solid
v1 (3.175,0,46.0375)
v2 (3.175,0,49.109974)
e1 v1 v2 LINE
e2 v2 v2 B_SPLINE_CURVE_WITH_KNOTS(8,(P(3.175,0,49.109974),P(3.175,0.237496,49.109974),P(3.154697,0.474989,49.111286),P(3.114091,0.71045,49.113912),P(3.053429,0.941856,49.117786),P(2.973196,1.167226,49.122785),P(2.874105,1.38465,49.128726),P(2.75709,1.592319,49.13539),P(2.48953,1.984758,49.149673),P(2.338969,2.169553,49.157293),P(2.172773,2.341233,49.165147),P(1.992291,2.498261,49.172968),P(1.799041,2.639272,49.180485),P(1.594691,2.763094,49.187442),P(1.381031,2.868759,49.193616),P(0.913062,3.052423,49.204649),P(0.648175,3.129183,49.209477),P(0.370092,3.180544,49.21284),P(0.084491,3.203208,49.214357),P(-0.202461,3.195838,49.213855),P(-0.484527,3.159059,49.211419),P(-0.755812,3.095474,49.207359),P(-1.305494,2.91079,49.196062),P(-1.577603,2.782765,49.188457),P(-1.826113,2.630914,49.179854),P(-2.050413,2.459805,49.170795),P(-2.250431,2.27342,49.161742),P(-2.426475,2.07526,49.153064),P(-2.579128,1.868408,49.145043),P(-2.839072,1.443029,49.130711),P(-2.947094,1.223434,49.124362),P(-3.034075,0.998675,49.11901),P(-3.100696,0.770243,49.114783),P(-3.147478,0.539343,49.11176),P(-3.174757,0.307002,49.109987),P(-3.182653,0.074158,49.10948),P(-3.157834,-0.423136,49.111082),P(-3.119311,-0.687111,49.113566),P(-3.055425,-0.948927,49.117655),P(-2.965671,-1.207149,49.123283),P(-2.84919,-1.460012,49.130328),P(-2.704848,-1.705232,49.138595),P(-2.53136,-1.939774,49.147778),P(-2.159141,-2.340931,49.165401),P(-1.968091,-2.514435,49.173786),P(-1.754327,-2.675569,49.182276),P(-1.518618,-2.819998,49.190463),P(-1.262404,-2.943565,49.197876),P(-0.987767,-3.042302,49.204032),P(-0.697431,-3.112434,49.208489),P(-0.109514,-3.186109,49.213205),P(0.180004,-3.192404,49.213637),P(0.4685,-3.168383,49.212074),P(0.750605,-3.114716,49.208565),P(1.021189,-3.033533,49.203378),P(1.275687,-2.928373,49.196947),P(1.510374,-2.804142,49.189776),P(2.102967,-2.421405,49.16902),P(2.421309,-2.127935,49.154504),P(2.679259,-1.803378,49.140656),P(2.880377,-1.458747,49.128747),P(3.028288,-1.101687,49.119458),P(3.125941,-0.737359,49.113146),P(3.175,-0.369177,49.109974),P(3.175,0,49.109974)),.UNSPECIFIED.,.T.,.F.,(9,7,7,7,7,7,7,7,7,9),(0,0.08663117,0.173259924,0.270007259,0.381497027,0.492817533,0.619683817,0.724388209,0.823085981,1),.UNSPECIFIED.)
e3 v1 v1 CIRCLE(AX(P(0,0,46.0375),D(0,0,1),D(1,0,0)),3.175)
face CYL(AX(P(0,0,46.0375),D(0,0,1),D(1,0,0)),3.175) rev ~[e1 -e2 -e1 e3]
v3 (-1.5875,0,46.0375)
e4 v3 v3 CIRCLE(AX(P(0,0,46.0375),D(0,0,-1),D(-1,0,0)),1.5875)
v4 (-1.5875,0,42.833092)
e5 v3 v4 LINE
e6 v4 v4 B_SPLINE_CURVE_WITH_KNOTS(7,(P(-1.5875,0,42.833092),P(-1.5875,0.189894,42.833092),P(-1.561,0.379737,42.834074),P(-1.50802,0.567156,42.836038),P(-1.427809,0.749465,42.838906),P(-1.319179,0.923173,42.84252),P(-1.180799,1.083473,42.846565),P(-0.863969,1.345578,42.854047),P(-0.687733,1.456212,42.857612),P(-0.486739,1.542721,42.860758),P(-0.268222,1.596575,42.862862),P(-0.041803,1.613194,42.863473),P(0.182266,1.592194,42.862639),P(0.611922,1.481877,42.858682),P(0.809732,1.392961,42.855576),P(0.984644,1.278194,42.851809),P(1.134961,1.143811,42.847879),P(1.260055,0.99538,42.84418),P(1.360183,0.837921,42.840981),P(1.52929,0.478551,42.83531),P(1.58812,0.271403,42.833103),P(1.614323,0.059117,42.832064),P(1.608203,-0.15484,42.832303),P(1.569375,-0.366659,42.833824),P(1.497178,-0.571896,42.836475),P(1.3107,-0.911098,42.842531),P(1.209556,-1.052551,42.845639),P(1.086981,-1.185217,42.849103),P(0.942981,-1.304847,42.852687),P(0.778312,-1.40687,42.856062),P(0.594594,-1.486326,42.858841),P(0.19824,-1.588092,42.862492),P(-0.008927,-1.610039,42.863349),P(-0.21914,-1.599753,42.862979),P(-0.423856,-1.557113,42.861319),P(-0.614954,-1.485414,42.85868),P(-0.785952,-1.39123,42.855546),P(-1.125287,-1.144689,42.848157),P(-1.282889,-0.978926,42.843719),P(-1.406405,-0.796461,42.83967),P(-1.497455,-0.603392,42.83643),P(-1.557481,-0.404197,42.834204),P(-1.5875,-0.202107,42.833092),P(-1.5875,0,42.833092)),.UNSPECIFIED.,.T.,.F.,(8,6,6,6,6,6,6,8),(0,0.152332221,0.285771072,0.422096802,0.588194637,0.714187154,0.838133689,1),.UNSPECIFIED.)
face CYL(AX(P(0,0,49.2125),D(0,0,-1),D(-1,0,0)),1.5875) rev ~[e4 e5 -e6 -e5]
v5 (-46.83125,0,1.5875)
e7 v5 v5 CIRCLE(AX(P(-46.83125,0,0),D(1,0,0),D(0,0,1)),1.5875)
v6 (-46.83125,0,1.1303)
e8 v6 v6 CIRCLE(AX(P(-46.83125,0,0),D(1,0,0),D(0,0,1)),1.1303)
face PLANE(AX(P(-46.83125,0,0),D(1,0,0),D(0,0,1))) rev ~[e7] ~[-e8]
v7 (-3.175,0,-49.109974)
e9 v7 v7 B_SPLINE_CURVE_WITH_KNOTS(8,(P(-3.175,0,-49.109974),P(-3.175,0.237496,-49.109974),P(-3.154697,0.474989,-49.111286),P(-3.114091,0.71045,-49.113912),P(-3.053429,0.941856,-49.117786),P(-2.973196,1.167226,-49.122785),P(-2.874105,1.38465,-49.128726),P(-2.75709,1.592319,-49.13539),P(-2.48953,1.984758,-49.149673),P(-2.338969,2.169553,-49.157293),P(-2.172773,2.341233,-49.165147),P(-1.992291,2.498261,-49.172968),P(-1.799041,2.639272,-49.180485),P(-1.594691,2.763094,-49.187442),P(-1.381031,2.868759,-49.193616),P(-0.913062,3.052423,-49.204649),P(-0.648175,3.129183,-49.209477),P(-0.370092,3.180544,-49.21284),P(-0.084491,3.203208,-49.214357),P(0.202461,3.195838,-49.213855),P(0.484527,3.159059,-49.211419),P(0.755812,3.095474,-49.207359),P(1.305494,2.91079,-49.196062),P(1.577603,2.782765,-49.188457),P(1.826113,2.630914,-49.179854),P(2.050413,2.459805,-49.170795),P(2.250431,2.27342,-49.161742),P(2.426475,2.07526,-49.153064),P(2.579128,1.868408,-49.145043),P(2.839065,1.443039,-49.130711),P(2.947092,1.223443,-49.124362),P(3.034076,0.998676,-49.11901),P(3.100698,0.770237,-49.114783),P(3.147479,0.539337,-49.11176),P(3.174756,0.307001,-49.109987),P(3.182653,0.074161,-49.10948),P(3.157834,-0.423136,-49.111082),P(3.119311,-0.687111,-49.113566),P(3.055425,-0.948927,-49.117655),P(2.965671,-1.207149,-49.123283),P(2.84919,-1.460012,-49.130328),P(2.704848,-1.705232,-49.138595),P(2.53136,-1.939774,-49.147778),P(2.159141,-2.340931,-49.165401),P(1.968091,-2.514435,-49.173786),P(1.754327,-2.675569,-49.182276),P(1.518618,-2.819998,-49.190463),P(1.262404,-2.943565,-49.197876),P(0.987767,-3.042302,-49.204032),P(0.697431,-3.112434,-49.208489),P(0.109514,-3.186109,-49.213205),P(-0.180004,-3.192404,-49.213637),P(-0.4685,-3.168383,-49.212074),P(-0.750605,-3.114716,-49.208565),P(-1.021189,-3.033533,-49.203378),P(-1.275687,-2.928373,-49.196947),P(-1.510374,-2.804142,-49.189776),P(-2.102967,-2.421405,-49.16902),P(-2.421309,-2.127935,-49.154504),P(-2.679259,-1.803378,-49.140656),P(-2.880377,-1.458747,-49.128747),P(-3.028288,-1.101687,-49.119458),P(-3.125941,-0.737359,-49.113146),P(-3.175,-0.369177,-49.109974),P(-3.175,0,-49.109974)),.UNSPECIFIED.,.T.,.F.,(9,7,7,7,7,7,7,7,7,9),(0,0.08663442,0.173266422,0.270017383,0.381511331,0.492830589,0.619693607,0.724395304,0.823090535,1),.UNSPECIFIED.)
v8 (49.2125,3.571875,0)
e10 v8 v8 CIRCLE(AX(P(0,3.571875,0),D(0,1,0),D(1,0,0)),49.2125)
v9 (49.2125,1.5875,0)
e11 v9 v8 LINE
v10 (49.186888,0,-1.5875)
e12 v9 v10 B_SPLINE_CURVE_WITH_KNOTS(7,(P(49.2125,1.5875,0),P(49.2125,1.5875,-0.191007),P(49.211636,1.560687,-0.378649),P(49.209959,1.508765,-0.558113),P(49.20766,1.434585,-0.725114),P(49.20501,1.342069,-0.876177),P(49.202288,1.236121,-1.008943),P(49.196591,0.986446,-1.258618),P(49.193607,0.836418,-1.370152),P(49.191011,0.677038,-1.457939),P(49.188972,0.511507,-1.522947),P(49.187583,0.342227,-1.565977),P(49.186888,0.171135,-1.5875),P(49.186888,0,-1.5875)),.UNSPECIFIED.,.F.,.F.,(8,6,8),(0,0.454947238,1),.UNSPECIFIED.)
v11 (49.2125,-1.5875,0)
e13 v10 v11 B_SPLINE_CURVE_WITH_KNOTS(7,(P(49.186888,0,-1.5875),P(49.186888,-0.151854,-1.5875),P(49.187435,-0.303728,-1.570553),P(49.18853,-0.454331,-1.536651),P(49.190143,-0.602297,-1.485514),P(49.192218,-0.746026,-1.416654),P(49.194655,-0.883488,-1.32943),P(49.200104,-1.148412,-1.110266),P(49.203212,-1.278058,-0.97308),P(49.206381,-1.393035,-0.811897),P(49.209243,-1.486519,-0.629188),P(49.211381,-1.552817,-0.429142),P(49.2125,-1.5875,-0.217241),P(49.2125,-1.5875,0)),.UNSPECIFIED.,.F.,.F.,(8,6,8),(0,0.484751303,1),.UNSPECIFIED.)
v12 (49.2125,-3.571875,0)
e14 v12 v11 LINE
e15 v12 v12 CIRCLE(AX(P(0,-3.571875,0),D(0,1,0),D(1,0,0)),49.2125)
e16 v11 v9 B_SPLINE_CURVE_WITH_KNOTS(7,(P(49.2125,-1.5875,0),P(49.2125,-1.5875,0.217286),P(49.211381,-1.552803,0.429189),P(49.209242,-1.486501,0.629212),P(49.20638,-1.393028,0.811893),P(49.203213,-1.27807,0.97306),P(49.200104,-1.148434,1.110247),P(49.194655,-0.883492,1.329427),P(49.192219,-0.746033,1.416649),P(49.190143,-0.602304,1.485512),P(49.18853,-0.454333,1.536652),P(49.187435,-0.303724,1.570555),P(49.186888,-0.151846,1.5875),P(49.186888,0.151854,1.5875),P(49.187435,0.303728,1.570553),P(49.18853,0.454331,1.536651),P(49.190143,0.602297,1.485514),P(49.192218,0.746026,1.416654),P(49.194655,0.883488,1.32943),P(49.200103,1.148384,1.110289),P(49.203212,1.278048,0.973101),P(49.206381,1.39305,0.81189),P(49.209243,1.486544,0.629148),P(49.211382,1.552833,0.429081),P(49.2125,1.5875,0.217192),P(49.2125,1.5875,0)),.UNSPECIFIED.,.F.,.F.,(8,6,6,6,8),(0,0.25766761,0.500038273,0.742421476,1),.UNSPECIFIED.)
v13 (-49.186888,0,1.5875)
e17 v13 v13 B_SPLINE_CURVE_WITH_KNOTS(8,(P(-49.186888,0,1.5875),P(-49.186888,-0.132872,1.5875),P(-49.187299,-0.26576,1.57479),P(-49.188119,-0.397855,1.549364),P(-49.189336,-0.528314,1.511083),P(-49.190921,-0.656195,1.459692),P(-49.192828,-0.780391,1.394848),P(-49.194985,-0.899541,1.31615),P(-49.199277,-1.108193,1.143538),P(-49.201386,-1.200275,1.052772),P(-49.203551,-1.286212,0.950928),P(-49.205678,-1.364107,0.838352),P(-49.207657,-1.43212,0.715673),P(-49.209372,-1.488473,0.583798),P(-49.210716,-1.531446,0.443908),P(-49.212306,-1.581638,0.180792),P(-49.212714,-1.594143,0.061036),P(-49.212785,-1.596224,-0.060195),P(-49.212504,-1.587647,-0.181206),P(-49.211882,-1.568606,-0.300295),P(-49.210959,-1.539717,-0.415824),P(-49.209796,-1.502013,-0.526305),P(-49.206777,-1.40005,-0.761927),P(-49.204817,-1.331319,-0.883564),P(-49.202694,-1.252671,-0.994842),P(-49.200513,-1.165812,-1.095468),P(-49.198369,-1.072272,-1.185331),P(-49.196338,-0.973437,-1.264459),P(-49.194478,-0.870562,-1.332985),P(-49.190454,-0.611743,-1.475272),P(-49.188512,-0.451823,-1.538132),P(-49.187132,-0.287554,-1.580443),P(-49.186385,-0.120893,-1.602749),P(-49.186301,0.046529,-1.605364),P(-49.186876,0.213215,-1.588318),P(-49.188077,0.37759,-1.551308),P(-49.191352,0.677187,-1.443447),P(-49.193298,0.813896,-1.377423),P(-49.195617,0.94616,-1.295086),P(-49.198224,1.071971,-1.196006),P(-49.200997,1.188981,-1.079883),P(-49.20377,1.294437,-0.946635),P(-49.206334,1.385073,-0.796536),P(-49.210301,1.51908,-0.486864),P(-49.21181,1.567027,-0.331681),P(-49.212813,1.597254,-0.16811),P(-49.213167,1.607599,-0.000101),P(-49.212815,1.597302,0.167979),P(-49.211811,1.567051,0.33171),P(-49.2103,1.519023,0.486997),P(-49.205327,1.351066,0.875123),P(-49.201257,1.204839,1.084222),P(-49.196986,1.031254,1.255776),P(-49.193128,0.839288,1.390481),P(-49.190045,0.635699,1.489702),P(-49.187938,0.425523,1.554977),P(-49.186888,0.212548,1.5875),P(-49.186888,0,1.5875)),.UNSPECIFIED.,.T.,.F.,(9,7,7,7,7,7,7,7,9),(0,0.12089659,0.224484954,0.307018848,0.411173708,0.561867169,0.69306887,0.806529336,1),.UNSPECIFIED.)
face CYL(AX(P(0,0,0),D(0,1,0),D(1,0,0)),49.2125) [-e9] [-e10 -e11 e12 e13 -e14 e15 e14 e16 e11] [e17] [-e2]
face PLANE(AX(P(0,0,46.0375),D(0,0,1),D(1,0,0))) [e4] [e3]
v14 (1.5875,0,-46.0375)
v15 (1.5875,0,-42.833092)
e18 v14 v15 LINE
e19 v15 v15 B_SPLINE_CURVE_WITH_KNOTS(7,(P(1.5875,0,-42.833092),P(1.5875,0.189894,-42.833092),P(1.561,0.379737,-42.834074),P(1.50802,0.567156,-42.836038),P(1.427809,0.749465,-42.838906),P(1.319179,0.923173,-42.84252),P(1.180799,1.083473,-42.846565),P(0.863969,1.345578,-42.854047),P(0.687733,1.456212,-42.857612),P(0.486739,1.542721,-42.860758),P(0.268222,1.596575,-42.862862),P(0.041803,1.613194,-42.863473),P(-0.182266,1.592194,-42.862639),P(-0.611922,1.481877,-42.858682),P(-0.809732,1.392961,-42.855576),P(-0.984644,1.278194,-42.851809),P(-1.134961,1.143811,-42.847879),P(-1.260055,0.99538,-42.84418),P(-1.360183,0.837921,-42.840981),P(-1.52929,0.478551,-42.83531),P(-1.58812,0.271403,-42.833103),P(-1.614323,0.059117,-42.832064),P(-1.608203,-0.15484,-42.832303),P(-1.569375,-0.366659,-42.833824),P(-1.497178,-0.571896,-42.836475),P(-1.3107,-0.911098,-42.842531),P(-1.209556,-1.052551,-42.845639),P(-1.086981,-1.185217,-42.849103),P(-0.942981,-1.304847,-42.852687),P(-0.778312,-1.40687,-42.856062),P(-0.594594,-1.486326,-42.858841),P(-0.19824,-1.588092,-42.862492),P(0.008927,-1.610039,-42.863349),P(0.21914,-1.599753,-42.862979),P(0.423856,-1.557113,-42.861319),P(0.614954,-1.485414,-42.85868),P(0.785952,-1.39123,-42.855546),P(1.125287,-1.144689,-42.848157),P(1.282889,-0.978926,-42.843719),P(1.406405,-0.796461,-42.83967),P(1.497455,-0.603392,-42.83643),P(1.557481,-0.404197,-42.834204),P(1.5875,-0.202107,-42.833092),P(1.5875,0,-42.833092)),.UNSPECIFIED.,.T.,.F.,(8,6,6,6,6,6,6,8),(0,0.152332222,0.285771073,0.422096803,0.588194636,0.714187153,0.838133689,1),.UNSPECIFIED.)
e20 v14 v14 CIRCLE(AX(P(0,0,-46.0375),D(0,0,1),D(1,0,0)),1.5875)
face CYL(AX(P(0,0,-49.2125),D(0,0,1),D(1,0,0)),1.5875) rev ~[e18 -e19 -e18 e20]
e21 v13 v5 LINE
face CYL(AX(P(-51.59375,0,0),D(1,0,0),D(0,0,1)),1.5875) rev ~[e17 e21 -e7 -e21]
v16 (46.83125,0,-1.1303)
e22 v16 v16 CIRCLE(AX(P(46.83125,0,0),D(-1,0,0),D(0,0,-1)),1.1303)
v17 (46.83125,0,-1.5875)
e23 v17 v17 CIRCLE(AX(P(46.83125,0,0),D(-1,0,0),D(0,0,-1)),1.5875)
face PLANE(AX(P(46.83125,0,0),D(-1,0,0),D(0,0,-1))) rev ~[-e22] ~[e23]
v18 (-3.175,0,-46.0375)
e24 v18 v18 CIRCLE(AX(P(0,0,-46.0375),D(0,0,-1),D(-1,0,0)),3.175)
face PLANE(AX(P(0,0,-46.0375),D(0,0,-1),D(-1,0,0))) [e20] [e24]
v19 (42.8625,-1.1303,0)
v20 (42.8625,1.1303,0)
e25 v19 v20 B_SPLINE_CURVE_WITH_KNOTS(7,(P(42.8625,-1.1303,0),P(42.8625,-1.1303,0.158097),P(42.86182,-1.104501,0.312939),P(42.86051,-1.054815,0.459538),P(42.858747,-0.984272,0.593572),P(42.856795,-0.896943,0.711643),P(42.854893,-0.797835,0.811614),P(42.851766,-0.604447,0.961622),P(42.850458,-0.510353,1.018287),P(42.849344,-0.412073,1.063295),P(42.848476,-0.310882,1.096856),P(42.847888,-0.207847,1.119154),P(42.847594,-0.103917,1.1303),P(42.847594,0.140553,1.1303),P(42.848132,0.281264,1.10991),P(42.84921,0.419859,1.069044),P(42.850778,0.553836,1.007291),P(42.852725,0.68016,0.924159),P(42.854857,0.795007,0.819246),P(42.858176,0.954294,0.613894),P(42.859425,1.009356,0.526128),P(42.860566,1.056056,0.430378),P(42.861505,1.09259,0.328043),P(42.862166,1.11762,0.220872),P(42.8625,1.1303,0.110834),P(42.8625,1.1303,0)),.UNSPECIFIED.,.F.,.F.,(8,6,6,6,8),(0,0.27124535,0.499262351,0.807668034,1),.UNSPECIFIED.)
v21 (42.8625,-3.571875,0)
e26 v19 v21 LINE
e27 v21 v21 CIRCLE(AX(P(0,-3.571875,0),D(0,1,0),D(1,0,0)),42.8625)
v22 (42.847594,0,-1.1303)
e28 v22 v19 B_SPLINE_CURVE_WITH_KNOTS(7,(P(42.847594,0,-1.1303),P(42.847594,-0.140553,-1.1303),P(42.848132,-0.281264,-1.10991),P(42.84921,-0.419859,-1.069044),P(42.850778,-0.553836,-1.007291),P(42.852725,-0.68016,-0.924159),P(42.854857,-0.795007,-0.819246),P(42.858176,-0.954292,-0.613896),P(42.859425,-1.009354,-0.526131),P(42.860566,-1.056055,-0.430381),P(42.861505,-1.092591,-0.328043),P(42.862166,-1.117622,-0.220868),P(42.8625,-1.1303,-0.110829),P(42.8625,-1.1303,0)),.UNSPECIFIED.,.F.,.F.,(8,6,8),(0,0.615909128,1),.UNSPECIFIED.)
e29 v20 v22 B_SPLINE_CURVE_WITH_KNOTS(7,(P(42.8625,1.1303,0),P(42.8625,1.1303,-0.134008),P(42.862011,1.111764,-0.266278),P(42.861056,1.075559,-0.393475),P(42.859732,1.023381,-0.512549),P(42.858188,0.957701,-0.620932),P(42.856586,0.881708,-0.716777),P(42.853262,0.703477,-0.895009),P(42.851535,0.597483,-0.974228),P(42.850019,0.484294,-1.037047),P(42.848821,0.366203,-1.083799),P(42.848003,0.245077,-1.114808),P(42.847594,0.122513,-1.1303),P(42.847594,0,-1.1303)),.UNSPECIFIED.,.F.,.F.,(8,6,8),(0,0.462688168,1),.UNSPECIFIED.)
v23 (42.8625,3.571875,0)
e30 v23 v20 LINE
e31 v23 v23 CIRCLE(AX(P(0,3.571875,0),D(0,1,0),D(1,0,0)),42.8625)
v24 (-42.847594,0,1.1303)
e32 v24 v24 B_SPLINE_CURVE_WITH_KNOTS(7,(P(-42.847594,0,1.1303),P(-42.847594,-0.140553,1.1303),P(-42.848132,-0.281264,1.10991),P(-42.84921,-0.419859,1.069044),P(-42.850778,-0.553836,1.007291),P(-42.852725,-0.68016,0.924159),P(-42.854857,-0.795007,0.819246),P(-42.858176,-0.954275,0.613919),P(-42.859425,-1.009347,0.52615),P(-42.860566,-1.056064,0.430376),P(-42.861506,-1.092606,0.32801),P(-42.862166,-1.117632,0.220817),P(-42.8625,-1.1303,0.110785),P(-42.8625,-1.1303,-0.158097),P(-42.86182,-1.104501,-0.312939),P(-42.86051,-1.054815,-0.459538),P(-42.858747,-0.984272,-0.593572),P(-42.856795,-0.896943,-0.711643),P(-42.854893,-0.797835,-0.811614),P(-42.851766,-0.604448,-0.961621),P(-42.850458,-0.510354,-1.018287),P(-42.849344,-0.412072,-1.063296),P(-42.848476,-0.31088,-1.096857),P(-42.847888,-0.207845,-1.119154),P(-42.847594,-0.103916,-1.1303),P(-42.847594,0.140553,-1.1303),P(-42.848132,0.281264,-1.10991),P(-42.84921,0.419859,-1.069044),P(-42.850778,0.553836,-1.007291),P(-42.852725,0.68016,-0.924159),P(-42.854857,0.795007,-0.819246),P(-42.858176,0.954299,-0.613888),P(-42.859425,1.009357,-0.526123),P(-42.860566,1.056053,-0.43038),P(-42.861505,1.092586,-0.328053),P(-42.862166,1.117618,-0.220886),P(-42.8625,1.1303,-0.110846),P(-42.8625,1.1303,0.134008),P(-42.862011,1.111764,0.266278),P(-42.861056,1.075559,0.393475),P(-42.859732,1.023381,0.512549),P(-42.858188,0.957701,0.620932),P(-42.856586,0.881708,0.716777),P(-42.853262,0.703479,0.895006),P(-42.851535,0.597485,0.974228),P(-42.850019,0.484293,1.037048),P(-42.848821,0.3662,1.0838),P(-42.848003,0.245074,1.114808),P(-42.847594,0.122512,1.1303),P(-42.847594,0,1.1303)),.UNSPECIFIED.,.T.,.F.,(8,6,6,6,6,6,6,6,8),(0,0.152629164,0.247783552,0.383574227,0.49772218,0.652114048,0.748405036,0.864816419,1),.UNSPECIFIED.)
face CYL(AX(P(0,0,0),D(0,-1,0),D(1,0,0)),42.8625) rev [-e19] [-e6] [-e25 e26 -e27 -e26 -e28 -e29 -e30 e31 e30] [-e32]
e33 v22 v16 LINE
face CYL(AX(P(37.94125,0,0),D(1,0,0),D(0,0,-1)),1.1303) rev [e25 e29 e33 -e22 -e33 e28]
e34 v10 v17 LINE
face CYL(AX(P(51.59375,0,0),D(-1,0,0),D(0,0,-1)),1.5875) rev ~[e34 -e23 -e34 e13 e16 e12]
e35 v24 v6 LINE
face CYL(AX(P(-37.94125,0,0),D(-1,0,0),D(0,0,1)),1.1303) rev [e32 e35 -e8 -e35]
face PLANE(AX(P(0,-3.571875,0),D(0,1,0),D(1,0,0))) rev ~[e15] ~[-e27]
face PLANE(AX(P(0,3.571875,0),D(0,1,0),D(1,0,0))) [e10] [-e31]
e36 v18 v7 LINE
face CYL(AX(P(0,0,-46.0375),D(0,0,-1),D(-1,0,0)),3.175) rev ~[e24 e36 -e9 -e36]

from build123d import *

# Parameters (mm, degrees)
SKETCH1_R           = 49.2125
SKETCH1_R_2         = 42.8625
BOSS_EXTRUDE1_DEPTH = 3.571875
HOLE2_D             = 3.175
HOLE2_DEPTH         = 2.38125
HOLE1_D             = 3.175
HOLE1_DEPTH         = 12.7
HOLE1_CBORE_D       = 6.35
HOLE1_CBORE_DEPTH   = 3.175
CIRPATTERN1_COUNT   = 2


with BuildPart() as part:
    # Sketch1 → Boss-Extrude1 (new body, symmetric)
    with BuildSketch(Plane(origin=(0, 0, 0), x_dir=(1, 0, 0), z_dir=(0, 1, 0))):
        Circle(SKETCH1_R)
        Circle(SKETCH1_R_2, mode=Mode.SUBTRACT)
    extrude(amount=BOSS_EXTRUDE1_DEPTH, both=True)

    # Hole2
    with Locations(Plane(origin=(49.2125, 0, 0), x_dir=(0, 0, 1), z_dir=(1, 0, 0))):
        with Locations((0, 0)):
            hole2 = Hole(HOLE2_D / 2, depth=HOLE2_DEPTH)

    # Sketch7 → #4-40 Tapped Hole1 (revolve, cut)
    with BuildSketch(Plane(origin=(46.83125, 0, 0), x_dir=(0, 0, -1), z_dir=(0, 1, 0))):
        Polygon((0, 0), (0, 9.569152758), (1.1303, 8.89), (1.1303, 0), align=None)
    f_4_40_tapped_hole1 = revolve(axis=Axis((53.18125, 0, 0), (-1, 0, 0)), mode=Mode.SUBTRACT)

    # Hole1
    with Locations(Plane(origin=(0, 0, -49.2125), x_dir=(-1, 0, 0), z_dir=(0, 0, -1))):
        with Locations((0, 0)):
            hole1 = CounterBoreHole(HOLE1_D / 2, HOLE1_CBORE_D / 2, HOLE1_CBORE_DEPTH, depth=HOLE1_DEPTH)

    # CirPattern1: Hole2, #4-40 Tapped Hole1, Hole1 ×2 about axis
    cirpattern1_axis = Axis((0, 0, 0), (0, 1, 0))
    for i in range(1, CIRPATTERN1_COUNT):
        add(hole2.rotate(cirpattern1_axis, i * 360 / CIRPATTERN1_COUNT), mode=Mode.SUBTRACT)
        add(f_4_40_tapped_hole1.rotate(cirpattern1_axis, i * 360 / CIRPATTERN1_COUNT), mode=Mode.SUBTRACT)
        add(hole1.rotate(cirpattern1_axis, i * 360 / CIRPATTERN1_COUNT), mode=Mode.SUBTRACT)


solid = part.part
